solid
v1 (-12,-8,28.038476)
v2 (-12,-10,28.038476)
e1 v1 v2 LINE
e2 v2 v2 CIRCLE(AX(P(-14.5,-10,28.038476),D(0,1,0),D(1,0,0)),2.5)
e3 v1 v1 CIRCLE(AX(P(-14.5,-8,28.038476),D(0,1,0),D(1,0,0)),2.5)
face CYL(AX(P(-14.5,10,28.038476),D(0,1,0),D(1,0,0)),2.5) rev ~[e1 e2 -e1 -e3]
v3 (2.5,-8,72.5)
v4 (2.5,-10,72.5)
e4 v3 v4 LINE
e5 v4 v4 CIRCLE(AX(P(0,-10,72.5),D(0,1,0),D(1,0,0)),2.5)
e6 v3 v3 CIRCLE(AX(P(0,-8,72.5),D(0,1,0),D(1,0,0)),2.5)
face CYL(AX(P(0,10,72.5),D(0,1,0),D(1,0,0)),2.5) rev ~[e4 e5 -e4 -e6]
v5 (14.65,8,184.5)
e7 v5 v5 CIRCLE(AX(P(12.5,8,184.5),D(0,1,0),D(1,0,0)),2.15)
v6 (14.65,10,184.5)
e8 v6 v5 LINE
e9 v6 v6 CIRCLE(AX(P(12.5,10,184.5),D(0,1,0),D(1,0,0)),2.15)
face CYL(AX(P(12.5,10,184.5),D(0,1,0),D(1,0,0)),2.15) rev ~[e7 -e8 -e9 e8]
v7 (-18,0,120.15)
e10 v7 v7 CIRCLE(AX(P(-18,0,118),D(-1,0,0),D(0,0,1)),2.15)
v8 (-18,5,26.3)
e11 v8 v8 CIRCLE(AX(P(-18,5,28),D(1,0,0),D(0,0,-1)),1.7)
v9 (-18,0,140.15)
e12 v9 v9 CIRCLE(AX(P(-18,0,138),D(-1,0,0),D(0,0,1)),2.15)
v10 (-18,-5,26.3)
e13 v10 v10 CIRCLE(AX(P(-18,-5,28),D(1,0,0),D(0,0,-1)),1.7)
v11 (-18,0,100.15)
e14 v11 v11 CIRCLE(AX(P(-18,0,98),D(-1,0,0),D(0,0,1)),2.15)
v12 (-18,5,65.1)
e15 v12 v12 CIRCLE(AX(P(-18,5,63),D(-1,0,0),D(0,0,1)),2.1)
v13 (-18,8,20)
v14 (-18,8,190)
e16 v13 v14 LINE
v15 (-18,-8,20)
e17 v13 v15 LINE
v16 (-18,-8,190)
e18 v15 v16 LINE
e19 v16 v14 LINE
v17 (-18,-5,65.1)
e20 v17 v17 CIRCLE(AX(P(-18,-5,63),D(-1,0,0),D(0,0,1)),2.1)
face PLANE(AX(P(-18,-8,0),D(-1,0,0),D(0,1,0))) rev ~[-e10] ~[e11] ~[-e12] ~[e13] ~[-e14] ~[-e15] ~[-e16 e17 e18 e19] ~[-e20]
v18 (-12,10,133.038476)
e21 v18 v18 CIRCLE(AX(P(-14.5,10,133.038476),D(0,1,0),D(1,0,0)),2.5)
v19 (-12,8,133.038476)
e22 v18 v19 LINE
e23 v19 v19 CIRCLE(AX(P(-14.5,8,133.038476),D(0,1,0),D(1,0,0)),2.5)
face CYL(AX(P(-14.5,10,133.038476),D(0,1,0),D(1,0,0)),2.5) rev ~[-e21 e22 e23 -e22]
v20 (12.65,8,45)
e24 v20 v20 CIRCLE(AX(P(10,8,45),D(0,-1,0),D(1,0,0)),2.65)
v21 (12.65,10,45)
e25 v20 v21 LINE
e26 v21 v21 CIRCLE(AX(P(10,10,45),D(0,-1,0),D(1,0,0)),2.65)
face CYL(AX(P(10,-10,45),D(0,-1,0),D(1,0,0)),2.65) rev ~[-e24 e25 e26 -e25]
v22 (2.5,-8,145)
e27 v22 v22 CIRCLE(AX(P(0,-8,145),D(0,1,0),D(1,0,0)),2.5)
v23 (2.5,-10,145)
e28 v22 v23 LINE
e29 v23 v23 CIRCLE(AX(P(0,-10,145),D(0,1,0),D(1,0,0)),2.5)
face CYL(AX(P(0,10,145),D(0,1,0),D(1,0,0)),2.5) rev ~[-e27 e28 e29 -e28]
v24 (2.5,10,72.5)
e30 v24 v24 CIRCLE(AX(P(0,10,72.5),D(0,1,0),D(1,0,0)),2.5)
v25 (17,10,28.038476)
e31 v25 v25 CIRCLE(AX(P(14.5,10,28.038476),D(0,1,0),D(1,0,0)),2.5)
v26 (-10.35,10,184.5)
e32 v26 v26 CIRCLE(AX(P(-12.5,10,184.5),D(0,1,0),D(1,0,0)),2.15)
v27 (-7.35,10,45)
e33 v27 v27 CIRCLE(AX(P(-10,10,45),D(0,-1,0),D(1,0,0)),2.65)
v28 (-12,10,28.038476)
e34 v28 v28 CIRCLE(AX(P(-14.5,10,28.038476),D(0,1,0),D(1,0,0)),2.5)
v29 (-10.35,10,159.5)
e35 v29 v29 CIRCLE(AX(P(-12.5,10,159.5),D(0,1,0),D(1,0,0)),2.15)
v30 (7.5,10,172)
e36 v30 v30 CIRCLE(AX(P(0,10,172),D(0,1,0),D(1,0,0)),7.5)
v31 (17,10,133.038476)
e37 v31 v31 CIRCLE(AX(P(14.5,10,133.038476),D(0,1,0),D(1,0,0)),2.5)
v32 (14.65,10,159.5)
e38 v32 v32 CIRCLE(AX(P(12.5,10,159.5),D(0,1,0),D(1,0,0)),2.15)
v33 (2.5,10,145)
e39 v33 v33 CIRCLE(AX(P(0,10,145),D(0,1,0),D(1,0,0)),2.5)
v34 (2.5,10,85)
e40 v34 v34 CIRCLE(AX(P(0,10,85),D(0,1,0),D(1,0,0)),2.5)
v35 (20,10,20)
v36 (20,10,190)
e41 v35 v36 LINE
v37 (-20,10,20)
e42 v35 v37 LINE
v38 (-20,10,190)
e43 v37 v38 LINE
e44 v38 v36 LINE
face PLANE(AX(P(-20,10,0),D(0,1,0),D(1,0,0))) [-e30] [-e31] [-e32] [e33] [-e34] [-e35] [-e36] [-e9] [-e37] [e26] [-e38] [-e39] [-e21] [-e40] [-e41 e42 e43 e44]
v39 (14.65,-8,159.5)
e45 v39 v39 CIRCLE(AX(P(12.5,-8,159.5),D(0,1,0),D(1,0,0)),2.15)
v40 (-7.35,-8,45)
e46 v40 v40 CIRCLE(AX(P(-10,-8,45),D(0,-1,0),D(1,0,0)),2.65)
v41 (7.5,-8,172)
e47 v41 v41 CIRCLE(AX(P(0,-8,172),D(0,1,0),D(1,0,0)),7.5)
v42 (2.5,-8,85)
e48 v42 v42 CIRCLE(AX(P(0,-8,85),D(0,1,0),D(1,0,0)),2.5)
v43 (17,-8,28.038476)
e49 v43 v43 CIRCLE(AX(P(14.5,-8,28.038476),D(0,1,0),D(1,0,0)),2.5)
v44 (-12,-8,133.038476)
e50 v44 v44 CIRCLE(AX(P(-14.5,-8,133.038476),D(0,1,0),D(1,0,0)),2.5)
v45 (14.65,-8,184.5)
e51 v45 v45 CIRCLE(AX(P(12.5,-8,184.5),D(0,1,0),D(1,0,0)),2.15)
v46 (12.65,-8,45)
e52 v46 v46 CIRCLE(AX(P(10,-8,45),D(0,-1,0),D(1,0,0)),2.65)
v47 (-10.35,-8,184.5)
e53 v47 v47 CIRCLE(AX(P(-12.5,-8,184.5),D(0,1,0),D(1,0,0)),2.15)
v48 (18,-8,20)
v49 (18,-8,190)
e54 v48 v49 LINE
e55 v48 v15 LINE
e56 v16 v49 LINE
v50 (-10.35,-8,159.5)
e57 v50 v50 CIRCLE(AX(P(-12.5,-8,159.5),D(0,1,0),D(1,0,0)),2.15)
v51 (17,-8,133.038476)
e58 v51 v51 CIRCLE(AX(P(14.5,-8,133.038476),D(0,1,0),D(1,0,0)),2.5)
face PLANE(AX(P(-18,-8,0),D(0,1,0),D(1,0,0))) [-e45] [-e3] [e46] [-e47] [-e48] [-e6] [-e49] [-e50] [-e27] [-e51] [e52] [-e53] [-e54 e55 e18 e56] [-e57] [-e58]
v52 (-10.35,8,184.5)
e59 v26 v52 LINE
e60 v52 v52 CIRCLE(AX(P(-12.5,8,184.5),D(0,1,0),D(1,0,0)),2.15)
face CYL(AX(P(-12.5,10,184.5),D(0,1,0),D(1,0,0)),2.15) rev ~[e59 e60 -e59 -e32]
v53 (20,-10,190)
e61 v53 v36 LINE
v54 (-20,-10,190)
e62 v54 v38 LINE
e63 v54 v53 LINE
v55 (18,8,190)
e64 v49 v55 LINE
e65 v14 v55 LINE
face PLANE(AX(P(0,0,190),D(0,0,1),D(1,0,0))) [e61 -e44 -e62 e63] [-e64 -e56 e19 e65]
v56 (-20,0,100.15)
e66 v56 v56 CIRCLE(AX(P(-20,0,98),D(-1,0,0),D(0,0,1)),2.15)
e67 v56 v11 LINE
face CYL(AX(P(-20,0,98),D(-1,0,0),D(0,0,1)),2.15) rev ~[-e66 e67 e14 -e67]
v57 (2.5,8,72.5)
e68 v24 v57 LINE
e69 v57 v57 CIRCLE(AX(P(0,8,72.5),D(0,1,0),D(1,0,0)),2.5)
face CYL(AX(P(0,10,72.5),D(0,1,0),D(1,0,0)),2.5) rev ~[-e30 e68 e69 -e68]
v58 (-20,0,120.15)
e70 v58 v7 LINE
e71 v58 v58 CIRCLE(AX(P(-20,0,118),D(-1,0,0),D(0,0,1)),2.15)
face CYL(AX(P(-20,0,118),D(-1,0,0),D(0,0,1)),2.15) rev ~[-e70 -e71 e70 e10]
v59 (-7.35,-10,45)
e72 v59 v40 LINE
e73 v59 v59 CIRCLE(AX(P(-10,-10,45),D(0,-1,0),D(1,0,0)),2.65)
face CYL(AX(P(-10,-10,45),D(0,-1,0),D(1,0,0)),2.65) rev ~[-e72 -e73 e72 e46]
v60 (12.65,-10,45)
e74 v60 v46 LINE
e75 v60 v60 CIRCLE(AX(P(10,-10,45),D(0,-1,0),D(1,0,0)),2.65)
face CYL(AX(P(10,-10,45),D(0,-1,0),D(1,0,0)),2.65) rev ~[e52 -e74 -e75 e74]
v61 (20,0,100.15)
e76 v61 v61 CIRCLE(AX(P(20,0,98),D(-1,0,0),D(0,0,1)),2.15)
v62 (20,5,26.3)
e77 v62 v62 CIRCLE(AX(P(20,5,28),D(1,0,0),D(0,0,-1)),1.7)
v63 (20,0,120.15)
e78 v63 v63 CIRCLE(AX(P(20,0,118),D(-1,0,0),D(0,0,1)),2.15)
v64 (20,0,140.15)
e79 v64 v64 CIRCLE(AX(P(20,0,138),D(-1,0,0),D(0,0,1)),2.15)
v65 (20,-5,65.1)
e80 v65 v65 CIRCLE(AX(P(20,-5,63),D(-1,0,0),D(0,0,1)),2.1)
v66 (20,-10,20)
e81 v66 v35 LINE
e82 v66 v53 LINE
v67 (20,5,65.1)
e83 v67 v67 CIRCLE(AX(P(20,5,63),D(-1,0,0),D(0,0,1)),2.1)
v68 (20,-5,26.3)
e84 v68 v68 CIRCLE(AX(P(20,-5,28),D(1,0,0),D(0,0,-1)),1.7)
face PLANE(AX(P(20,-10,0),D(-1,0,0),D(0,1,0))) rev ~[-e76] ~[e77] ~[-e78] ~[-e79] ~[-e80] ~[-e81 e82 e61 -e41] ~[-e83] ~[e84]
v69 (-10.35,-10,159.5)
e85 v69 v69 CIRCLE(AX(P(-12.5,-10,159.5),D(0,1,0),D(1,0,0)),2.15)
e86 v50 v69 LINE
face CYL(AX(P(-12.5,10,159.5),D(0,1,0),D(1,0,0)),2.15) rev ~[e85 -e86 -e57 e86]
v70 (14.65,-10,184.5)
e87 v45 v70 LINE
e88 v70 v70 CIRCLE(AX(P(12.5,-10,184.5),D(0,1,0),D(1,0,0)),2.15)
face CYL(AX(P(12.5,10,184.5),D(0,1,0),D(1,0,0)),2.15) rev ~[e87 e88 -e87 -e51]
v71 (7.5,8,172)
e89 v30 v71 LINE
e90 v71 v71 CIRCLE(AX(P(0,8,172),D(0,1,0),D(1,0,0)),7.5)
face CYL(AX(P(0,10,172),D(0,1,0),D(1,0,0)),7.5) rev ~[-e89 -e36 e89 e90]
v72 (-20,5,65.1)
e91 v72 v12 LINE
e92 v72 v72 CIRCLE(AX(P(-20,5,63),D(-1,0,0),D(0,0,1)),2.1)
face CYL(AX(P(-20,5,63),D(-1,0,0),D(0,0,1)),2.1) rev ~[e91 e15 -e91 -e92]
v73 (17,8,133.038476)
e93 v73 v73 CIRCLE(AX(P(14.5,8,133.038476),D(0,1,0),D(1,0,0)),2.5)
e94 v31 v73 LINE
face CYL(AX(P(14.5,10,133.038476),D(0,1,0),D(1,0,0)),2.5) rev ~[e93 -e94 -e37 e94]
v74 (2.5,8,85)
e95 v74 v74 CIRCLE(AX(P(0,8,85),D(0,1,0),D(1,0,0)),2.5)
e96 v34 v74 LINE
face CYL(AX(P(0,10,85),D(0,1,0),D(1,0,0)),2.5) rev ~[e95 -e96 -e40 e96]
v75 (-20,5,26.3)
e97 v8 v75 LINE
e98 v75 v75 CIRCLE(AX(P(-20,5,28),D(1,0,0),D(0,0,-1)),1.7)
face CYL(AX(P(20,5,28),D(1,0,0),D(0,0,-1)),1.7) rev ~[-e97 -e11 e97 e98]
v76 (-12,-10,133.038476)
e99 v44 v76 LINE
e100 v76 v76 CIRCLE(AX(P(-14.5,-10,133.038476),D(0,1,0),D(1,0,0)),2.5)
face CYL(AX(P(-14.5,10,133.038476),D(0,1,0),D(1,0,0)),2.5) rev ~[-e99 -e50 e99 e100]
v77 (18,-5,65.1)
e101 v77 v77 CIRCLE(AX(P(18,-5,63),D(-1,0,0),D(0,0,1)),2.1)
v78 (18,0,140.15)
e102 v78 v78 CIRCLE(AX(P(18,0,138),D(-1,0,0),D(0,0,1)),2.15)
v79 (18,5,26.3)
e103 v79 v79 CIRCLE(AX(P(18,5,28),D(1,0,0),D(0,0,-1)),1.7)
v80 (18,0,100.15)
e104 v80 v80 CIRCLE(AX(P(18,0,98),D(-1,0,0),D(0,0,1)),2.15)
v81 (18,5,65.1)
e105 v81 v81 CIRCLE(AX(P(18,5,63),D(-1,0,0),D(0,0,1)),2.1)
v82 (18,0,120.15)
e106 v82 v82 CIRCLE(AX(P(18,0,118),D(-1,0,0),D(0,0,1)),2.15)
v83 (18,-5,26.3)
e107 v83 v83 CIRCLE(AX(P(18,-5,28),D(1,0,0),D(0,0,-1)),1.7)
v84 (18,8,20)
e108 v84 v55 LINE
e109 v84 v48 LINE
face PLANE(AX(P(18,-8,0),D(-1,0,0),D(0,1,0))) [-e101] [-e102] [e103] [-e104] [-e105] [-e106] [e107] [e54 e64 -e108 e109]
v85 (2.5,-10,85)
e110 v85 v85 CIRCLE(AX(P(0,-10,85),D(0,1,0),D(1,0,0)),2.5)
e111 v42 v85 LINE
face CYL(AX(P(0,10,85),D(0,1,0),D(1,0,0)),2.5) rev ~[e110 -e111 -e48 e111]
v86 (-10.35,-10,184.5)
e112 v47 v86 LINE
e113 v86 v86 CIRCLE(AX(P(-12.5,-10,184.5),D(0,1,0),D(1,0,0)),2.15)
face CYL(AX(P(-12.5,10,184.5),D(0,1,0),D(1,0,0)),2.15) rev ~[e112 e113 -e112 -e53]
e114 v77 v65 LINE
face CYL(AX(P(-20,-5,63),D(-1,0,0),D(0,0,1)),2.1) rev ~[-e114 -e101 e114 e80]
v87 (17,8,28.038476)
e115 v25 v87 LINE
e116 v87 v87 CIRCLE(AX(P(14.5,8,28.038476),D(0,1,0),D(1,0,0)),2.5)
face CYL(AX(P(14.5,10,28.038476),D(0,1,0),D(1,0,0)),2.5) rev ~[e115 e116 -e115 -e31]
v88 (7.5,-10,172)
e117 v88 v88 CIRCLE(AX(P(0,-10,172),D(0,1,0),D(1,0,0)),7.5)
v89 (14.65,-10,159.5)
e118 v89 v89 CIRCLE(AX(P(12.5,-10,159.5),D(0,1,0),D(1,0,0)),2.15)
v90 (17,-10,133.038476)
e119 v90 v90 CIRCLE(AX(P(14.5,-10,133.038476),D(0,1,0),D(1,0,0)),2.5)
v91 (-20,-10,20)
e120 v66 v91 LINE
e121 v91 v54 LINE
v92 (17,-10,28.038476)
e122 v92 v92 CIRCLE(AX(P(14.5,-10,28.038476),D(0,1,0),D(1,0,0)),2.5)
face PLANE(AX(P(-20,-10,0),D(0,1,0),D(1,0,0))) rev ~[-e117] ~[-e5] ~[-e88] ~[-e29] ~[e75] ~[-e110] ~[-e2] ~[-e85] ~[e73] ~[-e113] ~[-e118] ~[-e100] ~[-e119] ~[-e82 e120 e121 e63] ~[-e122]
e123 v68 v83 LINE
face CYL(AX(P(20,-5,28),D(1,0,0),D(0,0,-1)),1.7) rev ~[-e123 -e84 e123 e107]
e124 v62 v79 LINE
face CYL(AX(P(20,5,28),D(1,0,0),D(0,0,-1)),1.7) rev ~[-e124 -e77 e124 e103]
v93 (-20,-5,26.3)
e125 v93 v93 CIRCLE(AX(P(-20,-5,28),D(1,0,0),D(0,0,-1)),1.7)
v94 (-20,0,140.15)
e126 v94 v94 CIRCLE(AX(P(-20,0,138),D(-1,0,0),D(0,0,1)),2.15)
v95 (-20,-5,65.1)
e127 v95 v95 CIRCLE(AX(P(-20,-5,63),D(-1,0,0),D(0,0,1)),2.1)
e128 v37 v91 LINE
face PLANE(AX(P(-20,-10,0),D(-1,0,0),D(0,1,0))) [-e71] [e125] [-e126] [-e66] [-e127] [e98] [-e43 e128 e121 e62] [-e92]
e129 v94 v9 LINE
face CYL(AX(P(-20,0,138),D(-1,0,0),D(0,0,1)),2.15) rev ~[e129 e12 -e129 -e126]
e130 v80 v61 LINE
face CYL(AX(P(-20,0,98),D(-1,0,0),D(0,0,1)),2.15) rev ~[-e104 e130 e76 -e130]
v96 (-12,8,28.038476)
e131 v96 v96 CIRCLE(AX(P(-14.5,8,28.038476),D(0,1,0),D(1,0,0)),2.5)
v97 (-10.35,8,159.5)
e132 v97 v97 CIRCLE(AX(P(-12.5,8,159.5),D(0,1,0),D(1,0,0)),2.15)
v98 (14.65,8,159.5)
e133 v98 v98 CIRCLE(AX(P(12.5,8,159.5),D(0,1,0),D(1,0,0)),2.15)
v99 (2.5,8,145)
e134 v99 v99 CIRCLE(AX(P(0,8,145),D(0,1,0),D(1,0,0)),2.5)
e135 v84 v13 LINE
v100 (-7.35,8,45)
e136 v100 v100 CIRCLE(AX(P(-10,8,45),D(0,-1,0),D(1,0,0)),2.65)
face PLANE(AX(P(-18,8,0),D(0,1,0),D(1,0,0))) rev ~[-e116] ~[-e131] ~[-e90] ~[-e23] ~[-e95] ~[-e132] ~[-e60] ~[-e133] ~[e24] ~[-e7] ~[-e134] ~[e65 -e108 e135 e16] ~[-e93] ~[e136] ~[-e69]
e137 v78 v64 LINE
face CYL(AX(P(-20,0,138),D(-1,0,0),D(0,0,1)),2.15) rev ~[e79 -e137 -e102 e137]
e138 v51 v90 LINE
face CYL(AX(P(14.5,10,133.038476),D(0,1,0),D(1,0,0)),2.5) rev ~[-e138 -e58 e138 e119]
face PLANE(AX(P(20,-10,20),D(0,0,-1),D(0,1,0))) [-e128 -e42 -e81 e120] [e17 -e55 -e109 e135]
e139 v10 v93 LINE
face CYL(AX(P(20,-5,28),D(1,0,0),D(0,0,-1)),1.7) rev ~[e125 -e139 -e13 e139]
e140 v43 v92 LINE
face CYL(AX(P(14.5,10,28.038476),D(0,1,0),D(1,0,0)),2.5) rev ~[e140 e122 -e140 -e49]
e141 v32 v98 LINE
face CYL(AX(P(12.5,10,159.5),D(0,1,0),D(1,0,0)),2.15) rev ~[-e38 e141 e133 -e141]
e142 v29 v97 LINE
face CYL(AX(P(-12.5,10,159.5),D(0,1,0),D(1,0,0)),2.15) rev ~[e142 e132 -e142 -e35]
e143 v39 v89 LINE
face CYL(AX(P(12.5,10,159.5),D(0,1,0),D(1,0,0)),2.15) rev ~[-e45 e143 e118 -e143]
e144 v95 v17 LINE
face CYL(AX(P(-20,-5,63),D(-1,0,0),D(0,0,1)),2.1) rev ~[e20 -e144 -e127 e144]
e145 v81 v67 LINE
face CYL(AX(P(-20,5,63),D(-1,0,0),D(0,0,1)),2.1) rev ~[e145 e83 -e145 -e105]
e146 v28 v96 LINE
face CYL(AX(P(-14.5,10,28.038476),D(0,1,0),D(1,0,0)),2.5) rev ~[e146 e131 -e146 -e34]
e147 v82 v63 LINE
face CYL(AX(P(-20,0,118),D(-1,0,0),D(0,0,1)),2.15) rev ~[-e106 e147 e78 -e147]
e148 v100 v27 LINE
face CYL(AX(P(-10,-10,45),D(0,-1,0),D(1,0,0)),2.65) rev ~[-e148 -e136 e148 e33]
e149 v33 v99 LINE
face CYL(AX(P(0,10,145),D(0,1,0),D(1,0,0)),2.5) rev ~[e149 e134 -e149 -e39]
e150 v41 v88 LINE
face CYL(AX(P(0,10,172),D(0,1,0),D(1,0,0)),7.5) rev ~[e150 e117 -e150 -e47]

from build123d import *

# Parameters (mm, degrees)
SKETCH_1_W          = 40
SKETCH_1_H          = 20
SKETCH_1_W_2        = 36
SKETCH_1_H_2        = 16
EXTRUDE_1_DEPTH     = 190
SKETCH_3_R          = 2.15
SKETCH_3_R_2        = 7.5
CUT_EXTRUDE_2_DEPTH = 21
SKETCH_4_W          = 20
SKETCH_4_H          = 20
CUT_EXTRUDE_3_DEPTH = 41
SKETCH_5_R          = 2.5
CUT_EXTRUDE_4_DEPTH = 21
SKETCH_6_R          = 2.5
CUT_EXTRUDE_5_DEPTH = 21
SKETCH_7_R          = 2.65
CUT_EXTRUDE_6_DEPTH = 21
SKETCH_8_R          = 1.7
CUT_EXTRUDE_7_DEPTH = 41
SKETCH_9_R          = 2.1
SKETCH_9_R_2        = 2.15
CUT_EXTRUDE_8_DEPTH = 41


with BuildPart() as part:
    # 草图1 → 拉伸-薄壁1 (new body)
    with BuildSketch(Plane.XY):
        Rectangle(SKETCH_1_W, SKETCH_1_H)
        Rectangle(SKETCH_1_W_2, SKETCH_1_H_2, mode=Mode.SUBTRACT)
    extrude(amount=EXTRUDE_1_DEPTH)

    # 草图3 → 切除-拉伸2 (cut, through all)
    with BuildSketch(Plane(origin=(0, 10, 0), x_dir=(1, 0, 0), z_dir=(0, 1, 0))):
        with Locations((-12.5, -184.5)):
            Circle(SKETCH_3_R)
        with Locations((-12.5, -159.5)):
            Circle(SKETCH_3_R)
        with Locations((12.5, -159.5)):
            Circle(SKETCH_3_R)
        with Locations((12.5, -184.5)):
            Circle(SKETCH_3_R)
        with Locations((0, -172)):
            Circle(SKETCH_3_R_2)
    extrude(amount=-CUT_EXTRUDE_2_DEPTH, mode=Mode.SUBTRACT)

    # 草图4 → 切除-拉伸3 (cut, through all)
    with BuildSketch(Plane(origin=(20, 0, 0), x_dir=(0, 0, -1), z_dir=(1, 0, 0))):
        with Locations((-10, 0)):
            Rectangle(SKETCH_4_W, SKETCH_4_H)
    extrude(amount=-CUT_EXTRUDE_3_DEPTH, mode=Mode.SUBTRACT)

    # 草图5 → 切除-拉伸4 (cut, through all)
    with BuildSketch(Plane(origin=(0, 10, 0), x_dir=(1, 0, 0), z_dir=(0, 1, 0))):
        with Locations((0, -145)):
            Circle(SKETCH_5_R)
        with Locations((0, -85)):
            Circle(SKETCH_5_R)
        with Locations((0, -72.5)):
            Circle(SKETCH_5_R)
    extrude(amount=-CUT_EXTRUDE_4_DEPTH, mode=Mode.SUBTRACT)

    # 草图6 → 切除-拉伸5 (cut, through all)
    with BuildSketch(Plane(origin=(0, 10, 0), x_dir=(1, 0, 0), z_dir=(0, 1, 0))):
        with Locations((-14.5, -133.038475773)):
            Circle(SKETCH_6_R)
        with Locations((14.5, -133.038475773)):
            Circle(SKETCH_6_R)
        with Locations((14.5, -28.038475773)):
            Circle(SKETCH_6_R)
        with Locations((-14.5, -28.038475773)):
            Circle(SKETCH_6_R)
    extrude(amount=-CUT_EXTRUDE_5_DEPTH, mode=Mode.SUBTRACT)

    # 草图7 → 切除-拉伸6 (cut, through all)
    with BuildSketch(Plane.XZ.offset(10)):
        with Locations((-10, 45)):
            Circle(SKETCH_7_R)
        with Locations((10, 45)):
            Circle(SKETCH_7_R)
    extrude(amount=-CUT_EXTRUDE_6_DEPTH, mode=Mode.SUBTRACT)

    # 草图8 → 切除-拉伸7 (cut, through all)
    with BuildSketch(Plane(origin=(20, 0, 0), x_dir=(0, 0, -1), z_dir=(1, 0, 0))):
        with Locations((-28, 5)):
            Circle(SKETCH_8_R)
        with Locations((-28, -5)):
            Circle(SKETCH_8_R)
    extrude(amount=-CUT_EXTRUDE_7_DEPTH, mode=Mode.SUBTRACT)

    # 草图9 → 切除-拉伸8 (cut, through all)
    with BuildSketch(Plane.ZY.offset(20)):
        with Locations((63, -5)):
            Circle(SKETCH_9_R)
        with Locations((63, 5)):
            Circle(SKETCH_9_R)
        with Locations((98, 0)):
            Circle(SKETCH_9_R_2)
        with Locations((118, 0)):
            Circle(SKETCH_9_R_2)
        with Locations((138, 0)):
            Circle(SKETCH_9_R_2)
    extrude(amount=-CUT_EXTRUDE_8_DEPTH, mode=Mode.SUBTRACT)


solid = part.part
